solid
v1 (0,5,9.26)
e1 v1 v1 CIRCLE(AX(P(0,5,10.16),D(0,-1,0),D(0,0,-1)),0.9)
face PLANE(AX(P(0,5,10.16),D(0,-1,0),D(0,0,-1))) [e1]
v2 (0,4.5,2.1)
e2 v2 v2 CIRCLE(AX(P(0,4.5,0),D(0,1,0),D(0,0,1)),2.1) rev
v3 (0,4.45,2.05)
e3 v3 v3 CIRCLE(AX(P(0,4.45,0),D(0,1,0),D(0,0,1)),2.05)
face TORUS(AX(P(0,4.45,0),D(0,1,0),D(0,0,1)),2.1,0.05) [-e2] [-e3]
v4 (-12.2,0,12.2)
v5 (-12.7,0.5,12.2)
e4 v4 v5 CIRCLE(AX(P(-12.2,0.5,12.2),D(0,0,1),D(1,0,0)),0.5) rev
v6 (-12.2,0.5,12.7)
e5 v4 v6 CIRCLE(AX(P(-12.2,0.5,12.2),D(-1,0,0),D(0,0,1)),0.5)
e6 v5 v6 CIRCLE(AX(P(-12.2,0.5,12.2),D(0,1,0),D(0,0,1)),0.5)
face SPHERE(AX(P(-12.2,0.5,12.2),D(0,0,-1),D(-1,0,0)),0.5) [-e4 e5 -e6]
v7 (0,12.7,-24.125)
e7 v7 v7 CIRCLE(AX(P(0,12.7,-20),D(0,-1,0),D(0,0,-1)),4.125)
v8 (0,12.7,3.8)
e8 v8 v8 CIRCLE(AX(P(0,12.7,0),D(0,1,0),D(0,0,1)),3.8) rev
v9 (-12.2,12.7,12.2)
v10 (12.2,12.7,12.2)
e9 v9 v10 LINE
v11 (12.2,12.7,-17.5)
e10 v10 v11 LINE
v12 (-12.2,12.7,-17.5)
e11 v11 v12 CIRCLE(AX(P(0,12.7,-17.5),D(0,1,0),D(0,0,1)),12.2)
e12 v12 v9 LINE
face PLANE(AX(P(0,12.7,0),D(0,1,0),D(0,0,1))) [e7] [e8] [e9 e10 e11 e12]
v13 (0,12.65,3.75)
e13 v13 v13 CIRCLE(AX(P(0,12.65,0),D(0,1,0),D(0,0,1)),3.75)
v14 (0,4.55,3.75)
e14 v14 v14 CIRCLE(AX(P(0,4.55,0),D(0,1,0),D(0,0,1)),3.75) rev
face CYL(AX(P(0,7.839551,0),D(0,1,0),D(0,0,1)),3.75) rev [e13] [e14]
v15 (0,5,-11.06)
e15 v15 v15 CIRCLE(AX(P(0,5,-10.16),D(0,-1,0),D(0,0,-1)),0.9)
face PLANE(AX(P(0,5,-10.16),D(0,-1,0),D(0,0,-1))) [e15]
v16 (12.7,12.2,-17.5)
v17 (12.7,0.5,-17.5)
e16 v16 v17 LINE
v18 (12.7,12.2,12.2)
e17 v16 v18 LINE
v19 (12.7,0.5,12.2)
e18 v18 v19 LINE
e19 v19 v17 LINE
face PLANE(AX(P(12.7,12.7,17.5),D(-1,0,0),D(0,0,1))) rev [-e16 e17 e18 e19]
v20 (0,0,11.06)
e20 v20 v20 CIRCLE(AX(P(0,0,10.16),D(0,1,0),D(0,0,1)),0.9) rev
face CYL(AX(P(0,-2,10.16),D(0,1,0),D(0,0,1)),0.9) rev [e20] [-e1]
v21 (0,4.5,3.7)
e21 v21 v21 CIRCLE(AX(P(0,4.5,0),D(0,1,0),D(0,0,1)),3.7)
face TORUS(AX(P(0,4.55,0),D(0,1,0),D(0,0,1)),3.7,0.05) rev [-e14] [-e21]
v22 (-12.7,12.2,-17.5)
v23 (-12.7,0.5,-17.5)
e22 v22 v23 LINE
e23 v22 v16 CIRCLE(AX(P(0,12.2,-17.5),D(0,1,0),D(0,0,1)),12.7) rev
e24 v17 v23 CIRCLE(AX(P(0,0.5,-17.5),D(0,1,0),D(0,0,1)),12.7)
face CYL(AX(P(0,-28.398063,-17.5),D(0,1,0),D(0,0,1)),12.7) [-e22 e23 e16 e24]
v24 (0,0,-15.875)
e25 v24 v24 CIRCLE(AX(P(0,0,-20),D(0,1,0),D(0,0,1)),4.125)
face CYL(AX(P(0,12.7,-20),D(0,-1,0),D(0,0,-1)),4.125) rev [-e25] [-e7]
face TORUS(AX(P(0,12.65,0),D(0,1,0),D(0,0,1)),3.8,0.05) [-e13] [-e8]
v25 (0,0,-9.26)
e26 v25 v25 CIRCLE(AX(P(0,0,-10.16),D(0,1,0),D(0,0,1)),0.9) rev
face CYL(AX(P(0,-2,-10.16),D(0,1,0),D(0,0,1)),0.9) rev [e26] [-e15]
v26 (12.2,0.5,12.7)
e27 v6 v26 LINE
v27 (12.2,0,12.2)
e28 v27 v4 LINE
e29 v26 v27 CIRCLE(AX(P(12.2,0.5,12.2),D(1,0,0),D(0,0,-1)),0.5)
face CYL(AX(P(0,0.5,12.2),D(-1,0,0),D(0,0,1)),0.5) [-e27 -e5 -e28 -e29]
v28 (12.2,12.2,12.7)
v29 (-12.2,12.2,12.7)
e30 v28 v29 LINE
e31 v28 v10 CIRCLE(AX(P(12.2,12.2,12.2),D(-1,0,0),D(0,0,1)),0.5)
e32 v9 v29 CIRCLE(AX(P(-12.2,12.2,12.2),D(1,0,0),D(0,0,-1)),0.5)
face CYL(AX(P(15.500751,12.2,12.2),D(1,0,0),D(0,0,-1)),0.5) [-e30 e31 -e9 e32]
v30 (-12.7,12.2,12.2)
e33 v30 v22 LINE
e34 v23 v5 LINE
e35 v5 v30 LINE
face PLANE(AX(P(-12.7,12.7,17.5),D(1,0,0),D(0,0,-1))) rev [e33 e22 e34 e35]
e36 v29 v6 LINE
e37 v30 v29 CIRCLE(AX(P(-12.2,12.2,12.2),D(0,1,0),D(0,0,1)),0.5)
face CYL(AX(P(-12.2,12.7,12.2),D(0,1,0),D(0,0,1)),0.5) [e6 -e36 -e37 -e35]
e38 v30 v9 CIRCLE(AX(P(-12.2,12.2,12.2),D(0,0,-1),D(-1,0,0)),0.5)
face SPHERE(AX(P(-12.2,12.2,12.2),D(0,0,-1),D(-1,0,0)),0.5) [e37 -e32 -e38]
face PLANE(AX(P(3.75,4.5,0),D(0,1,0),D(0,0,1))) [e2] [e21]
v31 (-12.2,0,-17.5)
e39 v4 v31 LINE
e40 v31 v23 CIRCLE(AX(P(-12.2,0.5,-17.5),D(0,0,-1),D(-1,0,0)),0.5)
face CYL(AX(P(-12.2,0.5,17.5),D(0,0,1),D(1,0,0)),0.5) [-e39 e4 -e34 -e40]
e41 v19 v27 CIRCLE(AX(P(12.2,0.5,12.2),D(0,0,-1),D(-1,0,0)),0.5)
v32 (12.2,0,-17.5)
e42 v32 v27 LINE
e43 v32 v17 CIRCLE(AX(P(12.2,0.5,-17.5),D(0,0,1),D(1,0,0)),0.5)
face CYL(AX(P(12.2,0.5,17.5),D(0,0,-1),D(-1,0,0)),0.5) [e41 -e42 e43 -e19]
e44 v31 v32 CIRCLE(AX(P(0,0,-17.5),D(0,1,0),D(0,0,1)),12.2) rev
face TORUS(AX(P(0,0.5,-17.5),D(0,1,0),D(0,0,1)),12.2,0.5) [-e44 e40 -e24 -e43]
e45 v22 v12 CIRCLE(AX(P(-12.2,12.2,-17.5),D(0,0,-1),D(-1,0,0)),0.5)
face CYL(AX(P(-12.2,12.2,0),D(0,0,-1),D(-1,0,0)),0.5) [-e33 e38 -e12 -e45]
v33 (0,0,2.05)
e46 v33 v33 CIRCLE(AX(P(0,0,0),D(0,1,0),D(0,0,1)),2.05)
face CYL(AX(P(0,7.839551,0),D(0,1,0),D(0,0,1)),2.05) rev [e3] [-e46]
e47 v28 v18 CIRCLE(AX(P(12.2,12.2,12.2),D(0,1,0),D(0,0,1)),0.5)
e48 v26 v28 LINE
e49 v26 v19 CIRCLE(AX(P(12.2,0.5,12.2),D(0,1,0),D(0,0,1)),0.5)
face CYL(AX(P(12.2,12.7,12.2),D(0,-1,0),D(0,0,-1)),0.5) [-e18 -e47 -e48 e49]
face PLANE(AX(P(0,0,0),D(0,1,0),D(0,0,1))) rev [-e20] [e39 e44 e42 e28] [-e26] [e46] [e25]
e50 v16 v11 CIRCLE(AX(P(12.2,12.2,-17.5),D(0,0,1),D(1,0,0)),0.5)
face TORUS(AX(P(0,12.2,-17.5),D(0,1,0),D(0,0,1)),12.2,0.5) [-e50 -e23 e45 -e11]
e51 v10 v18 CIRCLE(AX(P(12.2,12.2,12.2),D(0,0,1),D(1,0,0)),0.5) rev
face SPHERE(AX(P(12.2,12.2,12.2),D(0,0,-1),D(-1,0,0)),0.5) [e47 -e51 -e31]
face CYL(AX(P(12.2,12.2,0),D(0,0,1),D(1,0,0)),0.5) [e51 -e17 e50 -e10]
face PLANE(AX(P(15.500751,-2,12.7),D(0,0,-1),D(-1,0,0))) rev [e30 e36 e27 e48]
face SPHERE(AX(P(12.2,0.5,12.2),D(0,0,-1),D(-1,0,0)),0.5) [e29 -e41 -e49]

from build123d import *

# Parameters (mm, degrees)
SKETCH1_W               = 25.4
SKETCH1_H               = 35
BOSS_EXTRUDE1_DEPTH     = 12.7
FILLET1_R               = 0.05
SKETCH4_R               = 0.775
BOSS_EXTRUDE2_DEPTH     = 2
FILLET2_R               = 0.1
BOSS_EXTRUDE3_DEPTH     = 12.7
FILLET3_R               = 0.5
SKETCH12_W              = 28.953239704
SKETCH12_H              = 4.8
CUT_EXTRUDE6_DEPTH      = 13.7
CUT_EXTRUDE6_DEPTH_BACK = 3
SKETCH10_R              = 4.125
CUT_EXTRUDE1_DEPTH      = 3
CUT_EXTRUDE1_DEPTH_BACK = 13.7
SKETCH11_R              = 0.9
CUT_EXTRUDE3_DEPTH      = 3
CUT_EXTRUDE3_DEPTH_BACK = 5
FILLET4_R               = 0.5


with BuildPart() as part:
    # Sketch1 → Boss-Extrude1 (new body)
    with BuildSketch(Plane(origin=(0, 0, 0), x_dir=(1, 0, 0), z_dir=(0, 1, 0))):
        Rectangle(SKETCH1_W, SKETCH1_H)
    extrude(amount=BOSS_EXTRUDE1_DEPTH)

    # Sketch2 → Cut-Revolve1 (revolve, cut)
    with BuildSketch(Plane.XY):
        Polygon((3.75, 12.7), (3.75, 4.5), (2.05, 4.5), (2.05, 0), (0, 0), (0, 12.7), align=None)
    revolve(axis=Axis((0, 7.839551451, 0), (0, -1, 0)), mode=Mode.SUBTRACT)

    # Fillet1
    fillet1_edges = [part.edges().sort_by_distance(p)[0] for p in [
        (-3.75, 12.7, 0),
        (-3.75, 4.5, 0),
        (-2.05, 4.5, 0),
    ]]
    fillet(fillet1_edges, radius=FILLET1_R)

    # Sketch4 → Boss-Extrude2 (add)
    with BuildSketch(Plane.XZ):
        with Locations((0, 10.16)):
            Circle(SKETCH4_R)
        with Locations((0, -10.16)):
            Circle(SKETCH4_R)
    extrude(amount=BOSS_EXTRUDE2_DEPTH)

    # Fillet2
    fillet2_edges = [part.edges().sort_by_distance(p)[0] for p in [
        (-0.775, -2, 10.16),
        (-0.775, -2, -10.16),
    ]]
    fillet(fillet2_edges, radius=FILLET2_R)

    # Sketch9 → Boss-Extrude3 (add)
    with BuildSketch(Plane(origin=(0, 12.7, 0), x_dir=(1, 0, 0), z_dir=(0, 1, 0))):
        with BuildLine():
            Line((12.7, 17.5), (-12.7, 17.5))
            ThreePointArc((-12.7, 17.5), (0, 30.2), (12.7, 17.5))
        make_face()
    extrude(amount=-BOSS_EXTRUDE3_DEPTH)

    # Fillet3
    fillet3_edges = [part.edges().sort_by_distance(p)[0] for p in [
        (12.7, 12.7, 0),
        (-12.7, 12.7, 0),
        (0, 12.7, -30.2),
        (0, 0, -30.2),
        (12.7, 0, 0),
        (0, 0, 17.5),
        (-12.7, 0, 0),
    ]]
    fillet(fillet3_edges, radius=FILLET3_R)

    # Sketch12 → Cut-Extrude6 (cut, two sides)
    with BuildSketch(Plane(origin=(0, 0, 0), x_dir=(1, 0, 0), z_dir=(0, 1, 0))) as cut_extrude6_sk:
        with Locations((1.024131642, -15.1)):
            Rectangle(SKETCH12_W, SKETCH12_H)
    extrude(amount=CUT_EXTRUDE6_DEPTH, mode=Mode.SUBTRACT)
    extrude(cut_extrude6_sk.sketch, amount=-CUT_EXTRUDE6_DEPTH_BACK, mode=Mode.SUBTRACT)

    # Sketch10 → Cut-Extrude1 (cut, two sides)
    with BuildSketch(Plane.XZ) as cut_extrude1_sk:
        with Locations((0, -20)):
            Circle(SKETCH10_R)
    extrude(amount=CUT_EXTRUDE1_DEPTH, mode=Mode.SUBTRACT)
    extrude(cut_extrude1_sk.sketch, amount=-CUT_EXTRUDE1_DEPTH_BACK, mode=Mode.SUBTRACT)

    # Sketch11 → Cut-Extrude3 (cut, two sides)
    with BuildSketch(Plane.XZ) as cut_extrude3_sk:
        with Locations((0, -10.16)):
            Circle(SKETCH11_R)
        with Locations((0, 10.16)):
            Circle(SKETCH11_R)
    extrude(amount=CUT_EXTRUDE3_DEPTH, mode=Mode.SUBTRACT)
    extrude(cut_extrude3_sk.sketch, amount=-CUT_EXTRUDE3_DEPTH_BACK, mode=Mode.SUBTRACT)

    # Fillet4
    fillet4_edges = [part.edges().sort_by_distance(p)[0] for p in [
        (12.553553391, 0.146446609, 12.7),
        (-12.553553391, 12.553553391, 12.7),
        (-12.553553391, 0.146446609, 12.7),
        (12.553553391, 12.553553391, 12.7),
        (12.7, 6.35, 12.7),
        (0, 0, 12.7),
        (-12.7, 6.35, 12.7),
        (0, 12.7, 12.7),
    ]]
    fillet(fillet4_edges, radius=FILLET4_R)


solid = part.part
